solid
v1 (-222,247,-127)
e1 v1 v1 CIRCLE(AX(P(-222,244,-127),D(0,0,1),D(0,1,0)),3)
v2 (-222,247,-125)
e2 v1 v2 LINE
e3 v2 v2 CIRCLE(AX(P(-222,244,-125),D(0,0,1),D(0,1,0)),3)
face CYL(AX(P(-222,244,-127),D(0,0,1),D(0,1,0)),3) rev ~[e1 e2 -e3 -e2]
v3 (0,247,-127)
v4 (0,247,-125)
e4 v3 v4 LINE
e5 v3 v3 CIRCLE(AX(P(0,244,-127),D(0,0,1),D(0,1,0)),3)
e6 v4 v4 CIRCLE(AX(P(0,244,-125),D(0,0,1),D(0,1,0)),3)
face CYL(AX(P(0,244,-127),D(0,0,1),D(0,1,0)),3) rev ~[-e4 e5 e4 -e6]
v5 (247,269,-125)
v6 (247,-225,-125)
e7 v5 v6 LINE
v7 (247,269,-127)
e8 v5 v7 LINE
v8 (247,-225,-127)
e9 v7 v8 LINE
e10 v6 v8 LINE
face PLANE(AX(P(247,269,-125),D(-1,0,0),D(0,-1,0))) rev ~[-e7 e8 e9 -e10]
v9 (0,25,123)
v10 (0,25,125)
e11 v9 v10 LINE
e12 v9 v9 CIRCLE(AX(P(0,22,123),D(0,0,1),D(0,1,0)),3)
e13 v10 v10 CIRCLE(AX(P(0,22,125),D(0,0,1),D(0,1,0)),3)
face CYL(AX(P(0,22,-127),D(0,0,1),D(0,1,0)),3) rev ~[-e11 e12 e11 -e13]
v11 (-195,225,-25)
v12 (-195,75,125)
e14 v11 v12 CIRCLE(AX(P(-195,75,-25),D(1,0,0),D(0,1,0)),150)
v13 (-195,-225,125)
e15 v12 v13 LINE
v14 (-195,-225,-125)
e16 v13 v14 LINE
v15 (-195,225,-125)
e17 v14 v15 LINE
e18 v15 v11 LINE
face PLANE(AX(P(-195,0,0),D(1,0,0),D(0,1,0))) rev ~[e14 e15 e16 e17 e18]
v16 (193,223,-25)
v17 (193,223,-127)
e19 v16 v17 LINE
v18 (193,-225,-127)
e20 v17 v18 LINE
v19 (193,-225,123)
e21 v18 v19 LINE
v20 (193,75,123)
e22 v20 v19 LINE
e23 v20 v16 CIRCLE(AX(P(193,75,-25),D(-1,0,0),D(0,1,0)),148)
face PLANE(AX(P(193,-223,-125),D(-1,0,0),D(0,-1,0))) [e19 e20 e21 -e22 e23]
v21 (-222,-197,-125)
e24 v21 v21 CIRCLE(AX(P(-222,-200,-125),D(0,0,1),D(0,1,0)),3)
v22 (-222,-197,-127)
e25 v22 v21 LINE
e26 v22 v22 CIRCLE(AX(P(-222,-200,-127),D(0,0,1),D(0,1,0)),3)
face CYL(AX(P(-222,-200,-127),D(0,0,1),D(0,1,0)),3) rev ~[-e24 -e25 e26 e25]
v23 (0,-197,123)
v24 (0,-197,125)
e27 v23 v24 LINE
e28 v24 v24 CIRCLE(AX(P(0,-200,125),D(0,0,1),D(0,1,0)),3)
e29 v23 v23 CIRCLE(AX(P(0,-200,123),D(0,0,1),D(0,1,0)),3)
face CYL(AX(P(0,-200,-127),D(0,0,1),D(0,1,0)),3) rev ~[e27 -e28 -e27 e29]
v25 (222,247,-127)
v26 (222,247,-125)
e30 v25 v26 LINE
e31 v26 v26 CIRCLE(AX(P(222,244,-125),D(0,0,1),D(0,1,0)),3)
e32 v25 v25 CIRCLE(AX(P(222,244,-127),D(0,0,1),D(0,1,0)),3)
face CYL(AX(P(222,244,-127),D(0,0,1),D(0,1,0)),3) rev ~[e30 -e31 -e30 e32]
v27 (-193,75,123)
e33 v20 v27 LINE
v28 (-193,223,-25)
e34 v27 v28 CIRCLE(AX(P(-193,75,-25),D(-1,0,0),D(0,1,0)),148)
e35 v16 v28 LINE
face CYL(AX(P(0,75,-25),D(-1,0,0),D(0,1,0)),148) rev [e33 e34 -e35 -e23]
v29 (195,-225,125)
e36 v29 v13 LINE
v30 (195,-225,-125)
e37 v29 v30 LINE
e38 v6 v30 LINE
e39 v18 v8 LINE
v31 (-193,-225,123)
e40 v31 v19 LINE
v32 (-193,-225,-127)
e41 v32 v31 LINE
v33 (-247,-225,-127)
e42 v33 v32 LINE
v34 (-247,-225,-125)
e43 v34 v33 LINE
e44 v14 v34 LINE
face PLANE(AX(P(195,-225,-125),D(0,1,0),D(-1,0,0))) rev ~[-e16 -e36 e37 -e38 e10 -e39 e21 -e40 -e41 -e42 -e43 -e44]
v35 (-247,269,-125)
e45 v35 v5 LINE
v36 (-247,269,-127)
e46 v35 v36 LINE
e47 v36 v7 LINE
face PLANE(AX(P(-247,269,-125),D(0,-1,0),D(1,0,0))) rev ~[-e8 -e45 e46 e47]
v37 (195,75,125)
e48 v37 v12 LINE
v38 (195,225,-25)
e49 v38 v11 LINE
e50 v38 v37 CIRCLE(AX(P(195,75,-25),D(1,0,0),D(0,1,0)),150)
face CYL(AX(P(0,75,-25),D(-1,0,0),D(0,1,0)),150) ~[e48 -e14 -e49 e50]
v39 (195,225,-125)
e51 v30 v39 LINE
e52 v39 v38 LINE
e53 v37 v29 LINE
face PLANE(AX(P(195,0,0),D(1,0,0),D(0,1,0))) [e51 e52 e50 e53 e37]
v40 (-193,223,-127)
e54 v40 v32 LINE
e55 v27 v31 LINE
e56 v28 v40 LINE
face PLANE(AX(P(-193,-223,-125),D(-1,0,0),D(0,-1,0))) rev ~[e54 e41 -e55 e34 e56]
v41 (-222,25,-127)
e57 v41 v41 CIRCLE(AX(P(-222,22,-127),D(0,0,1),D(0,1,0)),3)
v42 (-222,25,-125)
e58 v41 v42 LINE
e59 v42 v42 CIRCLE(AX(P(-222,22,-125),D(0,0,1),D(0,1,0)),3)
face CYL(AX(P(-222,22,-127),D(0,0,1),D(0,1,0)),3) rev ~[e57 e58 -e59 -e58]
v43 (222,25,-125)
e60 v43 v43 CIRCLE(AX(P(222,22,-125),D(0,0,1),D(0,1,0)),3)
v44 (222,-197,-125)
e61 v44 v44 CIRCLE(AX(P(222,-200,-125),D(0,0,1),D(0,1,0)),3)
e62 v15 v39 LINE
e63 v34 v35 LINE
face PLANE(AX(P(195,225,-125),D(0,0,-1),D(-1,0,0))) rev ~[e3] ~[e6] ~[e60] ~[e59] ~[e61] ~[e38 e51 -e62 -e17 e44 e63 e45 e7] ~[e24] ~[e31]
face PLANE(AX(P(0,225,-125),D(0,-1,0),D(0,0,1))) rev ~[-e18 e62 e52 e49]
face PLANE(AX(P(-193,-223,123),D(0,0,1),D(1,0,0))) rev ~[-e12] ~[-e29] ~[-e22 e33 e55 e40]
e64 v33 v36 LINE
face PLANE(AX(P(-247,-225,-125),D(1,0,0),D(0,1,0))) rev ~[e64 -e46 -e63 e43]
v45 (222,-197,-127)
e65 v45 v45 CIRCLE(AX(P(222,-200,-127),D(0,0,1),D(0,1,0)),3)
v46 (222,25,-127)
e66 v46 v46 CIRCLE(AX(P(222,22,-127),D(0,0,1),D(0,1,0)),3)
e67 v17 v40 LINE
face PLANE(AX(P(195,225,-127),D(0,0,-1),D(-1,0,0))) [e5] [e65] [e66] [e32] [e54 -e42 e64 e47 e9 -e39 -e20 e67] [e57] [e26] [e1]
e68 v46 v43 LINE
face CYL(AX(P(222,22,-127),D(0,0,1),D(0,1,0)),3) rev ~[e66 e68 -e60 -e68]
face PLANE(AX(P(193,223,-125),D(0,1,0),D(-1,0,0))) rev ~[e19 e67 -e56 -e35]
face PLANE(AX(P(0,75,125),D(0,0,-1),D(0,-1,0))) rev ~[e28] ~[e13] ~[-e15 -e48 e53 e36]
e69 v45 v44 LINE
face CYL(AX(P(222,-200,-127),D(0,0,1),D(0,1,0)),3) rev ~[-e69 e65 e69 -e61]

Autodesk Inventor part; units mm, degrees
ref_plane "YZ Plane" through (0, 0, 0) normal (1, 0, 0) x (0, 1, 0)
ref_plane "XZ Plane" through (0, 0, 0) normal (0, 1, 0) x (-1, 0, 0)
ref_plane "XY Plane" through (0, 0, 0) normal (0, 0, 1) x (1, 0, 0)
sketch "Sketch1" plane through (0, 0, 0) normal (1, 0, 0) x (0, 1, 0)
  line L0 (-225, -125) -> (225, -125)
  line L1 (225, -125) -> (225, -25)
  line L2 (75, 125) -> (-225, 125)
  line L3 (-225, 125) -> (-225, -125)
  line L4 (-225, -125) -> (225, 125) construction
  line L5 (225, -125) -> (-225, 125) construction
  arc A0 (225, -25) -> (75, 125) centre (75, -25) ccw
  point P0 (0, 0)
  dimension "d0" = 450
  dimension "d1" = 250
  dimension "d2" = 150
extrude "Extrusion1" add sketch "Sketch1" along normal mid plane 390
shell "Shell1" thickness 2 removed faces 1 at (65, -75, -125)
sketch "Sketch2" plane through (195, 225, -125) normal (0, 0, -1) x (-1, 0, 0)
  line L0 (2, -448) -> (2, -2) projected
  line L1 (2, -2) -> (388, -2) projected
  line L2 (388, -2) -> (388, -448) projected
  line L3 (388, -2) -> (388, -448)
  line L4 (2, -448) -> (2, -2)
  line L5 (2, -2) -> (388, -2)
  line L6 (442, -450) -> (442, 44)
  line L7 (442, 44) -> (-52, 44)
  line L8 (-52, 44) -> (-52, -450)
  line L9 (0, -450) -> (390, -450) projected
  line L10 (2, -448) -> (2, -450)
  line L11 (388, -448) -> (388, -450)
  line L12 (-52, -450) -> (2, -450)
  line L13 (388, -450) -> (442, -450)
  point P0 (195, -225)
  point P1 (195, -450)
  dimension "d6" = 494
  dimension "d7" = 494
sketch "Sketch3" plane through (-193, -223, -125) normal (0, 1, 0) x (1, 0, 0)
  line L0 (0, 0) -> (386, 0) projected
  line L1 (0, 0) -> (0, -248) projected
  line L2 (0, -248) -> (386, -248) projected
  line L3 (386, -248) -> (386, 0) projected
  point P0 (193, -125)
extrude "Extrusion2" cut sketch "Sketch3" against normal blind 2
extrude "Extrusion3" add sketch "Sketch2" along normal blind 2 contours L10 L9 L12 L8 L7 L6 L13 L11 L2 L1 L0
hole "Hole1" at (-222, 244, -127) direction (0, 0, 1) diameter 6 end through all
pattern_linear "Rectangular Pattern1" count 3 spacing 222 along (1, 0, 0) count 3 spacing 222 along (0, -1, 0) of "Hole1"
sketch "Sketch4" plane through (-195, -225, 125) normal (0, 0, 1) x (1, 0, 0)
  line L0 (184.7855, 225) -> (206.1166, 225) construction
  line L1 (206.1166, 225) -> (206.1166, 216.8792) construction
  line L2 (206.1166, 216.8792) -> (184.7855, 216.8792) construction
  line L3 (184.7855, 216.8792) -> (184.7855, 225) construction
  point P0 (195, 225)
properties part number "SidePanelCover-Curved"
